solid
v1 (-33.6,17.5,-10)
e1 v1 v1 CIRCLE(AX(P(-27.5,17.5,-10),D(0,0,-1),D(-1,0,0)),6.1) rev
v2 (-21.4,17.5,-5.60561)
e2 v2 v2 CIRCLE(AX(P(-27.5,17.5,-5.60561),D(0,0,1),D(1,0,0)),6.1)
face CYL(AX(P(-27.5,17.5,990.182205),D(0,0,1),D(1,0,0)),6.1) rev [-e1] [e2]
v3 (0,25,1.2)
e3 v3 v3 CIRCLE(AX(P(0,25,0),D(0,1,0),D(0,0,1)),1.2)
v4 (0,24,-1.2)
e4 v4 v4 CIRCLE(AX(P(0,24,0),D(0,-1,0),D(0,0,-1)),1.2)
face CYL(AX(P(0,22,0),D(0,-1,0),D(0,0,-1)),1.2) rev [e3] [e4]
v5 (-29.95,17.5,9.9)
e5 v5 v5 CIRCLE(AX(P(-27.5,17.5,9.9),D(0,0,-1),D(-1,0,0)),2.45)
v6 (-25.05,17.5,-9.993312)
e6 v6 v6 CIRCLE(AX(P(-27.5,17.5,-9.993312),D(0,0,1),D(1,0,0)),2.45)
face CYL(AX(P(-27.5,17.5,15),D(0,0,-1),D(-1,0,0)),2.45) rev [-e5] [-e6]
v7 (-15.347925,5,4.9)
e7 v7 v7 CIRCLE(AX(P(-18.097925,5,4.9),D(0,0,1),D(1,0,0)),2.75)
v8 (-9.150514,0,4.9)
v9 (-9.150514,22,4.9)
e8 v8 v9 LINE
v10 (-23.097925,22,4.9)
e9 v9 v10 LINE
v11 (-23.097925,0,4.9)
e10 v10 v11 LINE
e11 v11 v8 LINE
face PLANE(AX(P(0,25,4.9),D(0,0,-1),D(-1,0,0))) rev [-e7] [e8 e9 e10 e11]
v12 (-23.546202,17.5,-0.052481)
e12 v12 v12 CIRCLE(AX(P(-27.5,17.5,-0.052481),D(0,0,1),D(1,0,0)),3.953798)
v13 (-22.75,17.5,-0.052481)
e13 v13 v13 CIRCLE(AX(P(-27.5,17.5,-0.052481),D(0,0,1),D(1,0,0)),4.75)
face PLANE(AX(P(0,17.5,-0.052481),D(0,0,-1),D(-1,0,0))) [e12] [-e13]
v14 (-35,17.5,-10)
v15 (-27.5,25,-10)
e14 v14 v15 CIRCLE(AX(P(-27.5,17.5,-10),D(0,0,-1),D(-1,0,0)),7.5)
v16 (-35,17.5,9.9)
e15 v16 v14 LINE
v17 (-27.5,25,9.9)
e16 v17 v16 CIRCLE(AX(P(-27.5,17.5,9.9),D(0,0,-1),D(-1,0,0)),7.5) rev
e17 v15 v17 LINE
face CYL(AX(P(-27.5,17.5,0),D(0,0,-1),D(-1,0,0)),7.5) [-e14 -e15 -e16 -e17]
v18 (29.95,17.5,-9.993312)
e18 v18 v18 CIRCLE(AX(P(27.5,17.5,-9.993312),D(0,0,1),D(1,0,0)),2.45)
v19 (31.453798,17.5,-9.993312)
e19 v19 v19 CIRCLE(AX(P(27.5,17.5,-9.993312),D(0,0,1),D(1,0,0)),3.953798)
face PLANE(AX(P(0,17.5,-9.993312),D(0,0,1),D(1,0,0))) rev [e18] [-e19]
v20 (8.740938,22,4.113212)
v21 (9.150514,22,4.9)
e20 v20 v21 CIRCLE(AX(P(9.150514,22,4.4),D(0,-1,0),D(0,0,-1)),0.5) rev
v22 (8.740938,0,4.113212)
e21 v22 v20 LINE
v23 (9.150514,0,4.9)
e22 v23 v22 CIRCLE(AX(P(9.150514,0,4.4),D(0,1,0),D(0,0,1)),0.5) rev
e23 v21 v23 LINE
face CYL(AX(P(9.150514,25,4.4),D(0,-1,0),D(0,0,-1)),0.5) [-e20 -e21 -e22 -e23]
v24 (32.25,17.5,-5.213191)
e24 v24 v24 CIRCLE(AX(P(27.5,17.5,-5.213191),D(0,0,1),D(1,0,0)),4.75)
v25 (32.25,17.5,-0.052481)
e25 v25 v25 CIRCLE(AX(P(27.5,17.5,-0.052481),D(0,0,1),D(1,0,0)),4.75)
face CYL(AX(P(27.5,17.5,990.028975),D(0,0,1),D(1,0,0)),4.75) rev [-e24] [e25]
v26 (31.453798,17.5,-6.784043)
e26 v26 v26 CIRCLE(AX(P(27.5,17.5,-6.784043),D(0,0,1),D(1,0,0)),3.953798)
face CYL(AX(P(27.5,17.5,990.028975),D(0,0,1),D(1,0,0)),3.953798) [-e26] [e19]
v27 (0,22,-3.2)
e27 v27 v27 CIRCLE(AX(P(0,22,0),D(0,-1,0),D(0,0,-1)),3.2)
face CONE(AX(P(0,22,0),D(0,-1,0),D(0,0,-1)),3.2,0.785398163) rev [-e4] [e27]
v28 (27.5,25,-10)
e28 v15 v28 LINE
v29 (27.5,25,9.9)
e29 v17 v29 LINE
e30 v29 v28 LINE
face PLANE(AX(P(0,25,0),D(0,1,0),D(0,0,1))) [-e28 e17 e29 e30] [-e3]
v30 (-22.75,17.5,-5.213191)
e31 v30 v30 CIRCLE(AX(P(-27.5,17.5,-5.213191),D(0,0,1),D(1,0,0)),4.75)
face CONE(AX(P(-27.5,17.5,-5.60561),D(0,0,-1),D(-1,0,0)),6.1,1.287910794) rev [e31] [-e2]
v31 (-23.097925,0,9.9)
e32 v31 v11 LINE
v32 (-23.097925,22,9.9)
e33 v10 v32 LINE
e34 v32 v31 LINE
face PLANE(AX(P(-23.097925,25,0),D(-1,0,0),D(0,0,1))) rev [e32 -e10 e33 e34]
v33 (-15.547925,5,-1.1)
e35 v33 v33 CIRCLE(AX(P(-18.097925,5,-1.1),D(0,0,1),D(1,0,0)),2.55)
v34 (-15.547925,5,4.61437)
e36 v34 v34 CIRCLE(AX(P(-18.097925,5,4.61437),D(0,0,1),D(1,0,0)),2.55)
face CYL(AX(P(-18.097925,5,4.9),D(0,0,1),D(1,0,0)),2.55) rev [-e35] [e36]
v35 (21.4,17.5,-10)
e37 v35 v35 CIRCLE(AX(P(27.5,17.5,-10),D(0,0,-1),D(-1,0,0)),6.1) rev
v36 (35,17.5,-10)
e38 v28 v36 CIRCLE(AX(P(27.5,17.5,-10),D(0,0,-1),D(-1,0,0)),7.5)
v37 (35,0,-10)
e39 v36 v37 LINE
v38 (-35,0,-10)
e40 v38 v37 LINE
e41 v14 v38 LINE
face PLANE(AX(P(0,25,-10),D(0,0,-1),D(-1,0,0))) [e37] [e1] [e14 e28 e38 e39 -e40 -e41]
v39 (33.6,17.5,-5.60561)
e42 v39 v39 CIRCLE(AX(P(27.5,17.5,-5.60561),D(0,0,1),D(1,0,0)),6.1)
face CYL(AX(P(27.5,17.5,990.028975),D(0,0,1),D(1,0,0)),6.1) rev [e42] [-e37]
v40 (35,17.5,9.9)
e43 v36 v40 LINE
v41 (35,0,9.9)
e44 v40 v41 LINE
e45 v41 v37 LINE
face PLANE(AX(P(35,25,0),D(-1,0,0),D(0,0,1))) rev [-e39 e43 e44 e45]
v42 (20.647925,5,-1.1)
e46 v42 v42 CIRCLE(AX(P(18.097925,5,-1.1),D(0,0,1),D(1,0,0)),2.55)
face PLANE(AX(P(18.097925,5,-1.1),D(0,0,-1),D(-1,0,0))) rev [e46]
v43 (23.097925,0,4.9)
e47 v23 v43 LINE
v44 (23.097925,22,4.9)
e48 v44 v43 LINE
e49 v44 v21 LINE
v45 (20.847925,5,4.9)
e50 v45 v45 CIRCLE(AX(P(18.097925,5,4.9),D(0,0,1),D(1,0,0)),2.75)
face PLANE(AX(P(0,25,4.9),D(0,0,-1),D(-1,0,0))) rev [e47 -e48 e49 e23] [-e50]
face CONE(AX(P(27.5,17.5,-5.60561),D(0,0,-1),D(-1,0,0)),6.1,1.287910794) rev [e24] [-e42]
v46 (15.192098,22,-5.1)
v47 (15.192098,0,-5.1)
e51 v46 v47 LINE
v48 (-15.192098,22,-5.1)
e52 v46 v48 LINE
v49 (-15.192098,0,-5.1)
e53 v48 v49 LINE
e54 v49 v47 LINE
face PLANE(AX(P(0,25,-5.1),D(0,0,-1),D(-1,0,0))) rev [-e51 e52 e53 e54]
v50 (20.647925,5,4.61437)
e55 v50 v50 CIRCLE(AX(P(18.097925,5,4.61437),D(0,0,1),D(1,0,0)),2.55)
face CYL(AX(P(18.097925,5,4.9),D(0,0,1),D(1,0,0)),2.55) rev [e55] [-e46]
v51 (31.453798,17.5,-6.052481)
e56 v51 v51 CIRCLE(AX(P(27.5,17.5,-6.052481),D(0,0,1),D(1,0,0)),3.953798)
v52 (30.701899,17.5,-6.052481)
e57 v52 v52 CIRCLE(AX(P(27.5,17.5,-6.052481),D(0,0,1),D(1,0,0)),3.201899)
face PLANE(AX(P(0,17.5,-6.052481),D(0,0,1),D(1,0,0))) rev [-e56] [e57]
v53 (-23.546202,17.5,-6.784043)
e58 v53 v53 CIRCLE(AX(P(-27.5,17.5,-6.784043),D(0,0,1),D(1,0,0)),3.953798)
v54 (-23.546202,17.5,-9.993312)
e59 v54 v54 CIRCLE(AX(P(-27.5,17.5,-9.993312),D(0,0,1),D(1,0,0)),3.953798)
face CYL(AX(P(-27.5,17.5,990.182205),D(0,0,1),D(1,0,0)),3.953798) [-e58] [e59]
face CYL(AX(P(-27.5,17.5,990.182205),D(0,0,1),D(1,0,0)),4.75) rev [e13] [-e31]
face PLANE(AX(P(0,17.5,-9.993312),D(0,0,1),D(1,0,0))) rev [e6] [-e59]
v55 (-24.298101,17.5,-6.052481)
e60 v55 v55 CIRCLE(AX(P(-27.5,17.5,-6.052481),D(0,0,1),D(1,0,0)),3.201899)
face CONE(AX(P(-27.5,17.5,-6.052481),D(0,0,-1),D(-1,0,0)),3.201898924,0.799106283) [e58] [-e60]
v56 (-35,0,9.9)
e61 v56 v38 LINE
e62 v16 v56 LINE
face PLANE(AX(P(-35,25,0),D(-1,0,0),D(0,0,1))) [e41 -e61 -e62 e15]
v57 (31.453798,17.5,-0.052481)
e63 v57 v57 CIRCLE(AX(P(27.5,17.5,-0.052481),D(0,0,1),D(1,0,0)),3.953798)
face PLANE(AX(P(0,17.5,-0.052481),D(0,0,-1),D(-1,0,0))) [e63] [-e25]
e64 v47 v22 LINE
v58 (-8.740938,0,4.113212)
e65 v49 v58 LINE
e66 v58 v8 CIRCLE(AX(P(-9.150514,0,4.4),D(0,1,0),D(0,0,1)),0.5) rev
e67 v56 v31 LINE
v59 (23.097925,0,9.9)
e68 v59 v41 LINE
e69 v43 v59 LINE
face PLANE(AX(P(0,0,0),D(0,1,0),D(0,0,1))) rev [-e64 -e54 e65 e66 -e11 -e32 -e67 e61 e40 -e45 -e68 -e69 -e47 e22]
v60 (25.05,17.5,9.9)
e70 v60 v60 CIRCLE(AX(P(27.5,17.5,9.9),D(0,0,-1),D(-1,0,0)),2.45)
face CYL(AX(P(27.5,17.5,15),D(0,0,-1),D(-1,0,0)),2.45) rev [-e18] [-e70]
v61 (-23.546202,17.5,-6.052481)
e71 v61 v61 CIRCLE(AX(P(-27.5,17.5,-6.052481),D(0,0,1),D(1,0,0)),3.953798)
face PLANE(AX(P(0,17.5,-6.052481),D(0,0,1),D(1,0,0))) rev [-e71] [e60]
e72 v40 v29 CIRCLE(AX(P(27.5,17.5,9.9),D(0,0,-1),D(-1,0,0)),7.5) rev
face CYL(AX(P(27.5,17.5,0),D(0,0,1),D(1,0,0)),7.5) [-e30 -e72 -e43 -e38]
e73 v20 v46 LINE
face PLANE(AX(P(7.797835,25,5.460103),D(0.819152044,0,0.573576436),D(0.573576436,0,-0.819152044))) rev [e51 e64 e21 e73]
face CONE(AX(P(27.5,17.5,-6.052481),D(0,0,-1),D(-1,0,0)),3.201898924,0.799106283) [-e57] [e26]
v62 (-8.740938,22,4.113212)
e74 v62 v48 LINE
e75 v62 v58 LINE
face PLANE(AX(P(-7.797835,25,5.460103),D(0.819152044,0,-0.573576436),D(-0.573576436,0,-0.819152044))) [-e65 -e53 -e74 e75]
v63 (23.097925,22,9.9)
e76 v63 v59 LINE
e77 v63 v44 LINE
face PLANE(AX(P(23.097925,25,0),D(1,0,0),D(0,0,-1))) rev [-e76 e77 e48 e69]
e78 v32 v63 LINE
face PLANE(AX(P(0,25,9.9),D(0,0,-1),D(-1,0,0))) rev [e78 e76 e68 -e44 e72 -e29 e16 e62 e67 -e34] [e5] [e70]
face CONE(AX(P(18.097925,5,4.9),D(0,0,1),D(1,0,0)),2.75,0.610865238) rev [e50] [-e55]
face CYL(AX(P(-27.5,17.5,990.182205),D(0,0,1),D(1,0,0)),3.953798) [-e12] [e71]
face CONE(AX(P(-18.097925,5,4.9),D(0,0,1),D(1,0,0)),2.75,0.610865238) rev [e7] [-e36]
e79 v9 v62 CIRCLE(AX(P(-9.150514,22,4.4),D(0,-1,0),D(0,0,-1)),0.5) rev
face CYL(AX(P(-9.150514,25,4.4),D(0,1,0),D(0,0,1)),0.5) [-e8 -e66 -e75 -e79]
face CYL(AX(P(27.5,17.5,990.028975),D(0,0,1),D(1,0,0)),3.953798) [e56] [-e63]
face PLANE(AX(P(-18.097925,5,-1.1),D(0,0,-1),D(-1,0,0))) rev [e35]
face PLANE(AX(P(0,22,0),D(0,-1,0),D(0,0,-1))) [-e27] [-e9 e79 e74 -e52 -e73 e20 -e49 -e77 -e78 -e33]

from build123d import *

# Parameters (mm, degrees)
BOSS_EXTRUDE1_DEPTH                             = 25
SKETCH2_R                                       = 2.45
CUT_EXTRUDE1_DEPTH                              = 25
FILLET1_R                                       = 7.5
SKETCH3_W                                       = 55
SKETCH3_H                                       = 19.9
BOSS_EXTRUDE2_DEPTH                             = 3
CSK_FOR_M2_FLAT_HEAD_MACHINE_SCREW1_D           = 2.4
CSK_FOR_M2_FLAT_HEAD_MACHINE_SCREW1_DEPTH       = 10
CSK_FOR_M2_FLAT_HEAD_MACHINE_SCREW1_CSINK_D     = 6.4
CSK_FOR_M2_FLAT_HEAD_MACHINE_SCREW1_CSINK_ANGLE = 90
CSK_FOR_M2_FLAT_HEAD_MACHINE_SCREW1_TIP         = 0.721032743
FILLET2_R                                       = 0.5
CSK_FOR_M5_FLAT_HEAD_MACHINE_SCREW1_D           = 5.1
CSK_FOR_M5_FLAT_HEAD_MACHINE_SCREW1_DEPTH       = 6
CSK_FOR_M5_FLAT_HEAD_MACHINE_SCREW1_CSINK_D     = 5.5
CSK_FOR_M5_FLAT_HEAD_MACHINE_SCREW1_CSINK_ANGLE = 70


with BuildPart() as part:
    # Sketch1 → Boss-Extrude1 (new body)
    with BuildSketch(Plane(origin=(0, 0, 0), x_dir=(1, 0, 0), z_dir=(0, 1, 0))):
        Polygon((-35, 10), (-35, -9.9), (-23.097924618, -9.9), (-23.097924618, -5), (-23.097924618, -4.9), (-22.997924618, -4.9), (-8.190022831, -4.9), (-15.192098213, 5.1), (15.192098213, 5.1), (8.190022831, -4.9), (22.997924618, -4.9), (23.097924618, -4.9), (23.097924618, -5), (23.097924618, -9.9), (35, -9.9), (35, 10), align=None)
    extrude(amount=BOSS_EXTRUDE1_DEPTH)

    # Sketch2 → Cut-Extrude1 (cut)
    with BuildSketch(Plane(origin=(0, 0, -10), x_dir=(-1, 0, 0), z_dir=(0, 0, -1))):
        with Locations((-27.5, 17.5)):
            Circle(SKETCH2_R)
        with Locations((27.5, 17.5)):
            Circle(SKETCH2_R)
    extrude(amount=-CUT_EXTRUDE1_DEPTH, mode=Mode.SUBTRACT)

    # Fillet1
    fillet1_edges = [part.edges().sort_by_distance(p)[0] for p in [
        (-35, 25, -0.05),
        (35, 25, -0.05),
    ]]
    fillet(fillet1_edges, radius=FILLET1_R)

    # Sketch3 → Boss-Extrude2 (add)
    with BuildSketch(Plane(origin=(0, 25, 0), x_dir=(1, 0, 0), z_dir=(0, 1, 0))):
        with Locations((0, 0.05)):
            Rectangle(SKETCH3_W, SKETCH3_H)
    extrude(amount=-BOSS_EXTRUDE2_DEPTH)

    # CSK for M2 Flat Head Machine Screw1
    with Locations(Plane(origin=(0, 22, 0), x_dir=(-1, 0, 0), z_dir=(0, -1, 0))):
        with Locations((0, 0)):
            CounterSinkHole(CSK_FOR_M2_FLAT_HEAD_MACHINE_SCREW1_D / 2, CSK_FOR_M2_FLAT_HEAD_MACHINE_SCREW1_CSINK_D / 2, depth=CSK_FOR_M2_FLAT_HEAD_MACHINE_SCREW1_DEPTH, counter_sink_angle=CSK_FOR_M2_FLAT_HEAD_MACHINE_SCREW1_CSINK_ANGLE)
            with Locations((0, 0, -(CSK_FOR_M2_FLAT_HEAD_MACHINE_SCREW1_DEPTH + CSK_FOR_M2_FLAT_HEAD_MACHINE_SCREW1_TIP / 2))):  # 118° drill point
                Cone(0, CSK_FOR_M2_FLAT_HEAD_MACHINE_SCREW1_D / 2, CSK_FOR_M2_FLAT_HEAD_MACHINE_SCREW1_TIP, mode=Mode.SUBTRACT)

    # Fillet2
    fillet2_edges = [part.edges().sort_by_distance(p)[0] for p in [
        (8.190022831, 11, 4.9),
        (-8.190022831, 11, 4.9),
    ]]
    fillet(fillet2_edges, radius=FILLET2_R)

    # Sketch10 → Cut-Revolve1 (revolve, cut)
    with BuildSketch(Plane(origin=(0, 17.5, 0), x_dir=(1, 0, 0), z_dir=(0, 1, 0))):
        Polygon((-27.5, 6.052481049), (-27.5, 10.005610284), (-33.6, 10.005610284), (-33.6, 5.605610284), (-32.25, 5.213190854), (-32.25, 0.052481049), (-31.453797848, 0.052481049), (-31.453797848, 6.052481049), (-30.701898924, 6.052481049), (-31.453797848, 6.784043238), (-31.453797848, 9.993311616), (-29.95, 9.993311616), (-29.95, 6.052481049), (-29.95, 0.052481049), (-27.5, 0.052481049), align=None)
    revolve(axis=Axis((-27.5, 17.5, 990.182204964), (0, 0, -1)), mode=Mode.SUBTRACT)

    # Sketch10<3> → Cut-Revolve2 (revolve, cut)
    with BuildSketch(Plane(origin=(0, 17.5, 0), x_dir=(1, 0, 0), z_dir=(0, 1, 0))):
        Polygon((31.453797848, 9.993311616), (31.453797848, 6.784043238), (30.701898924, 6.052481049), (31.453797848, 6.052481049), (31.453797848, 0.052481049), (32.25, 0.052481049), (32.25, 5.213190854), (33.6, 5.605610284), (33.6, 10.005610284), (27.5, 10.005610284), (27.5, 6.052481049), (27.5, 0.052481049), (29.95, 0.052481049), (29.95, 6.052481049), (29.95, 9.993311616), align=None)
    revolve(axis=Axis((27.5, 17.5, 990.028974512), (0, 0, -1)), mode=Mode.SUBTRACT)

    # CSK for M5 Flat Head Machine Screw1
    with Locations(Plane.XY.offset(4.9)):
        with Locations((-18.097924618, 5), (18.097924618, 5)):
            CounterSinkHole(CSK_FOR_M5_FLAT_HEAD_MACHINE_SCREW1_D / 2, CSK_FOR_M5_FLAT_HEAD_MACHINE_SCREW1_CSINK_D / 2, depth=CSK_FOR_M5_FLAT_HEAD_MACHINE_SCREW1_DEPTH, counter_sink_angle=CSK_FOR_M5_FLAT_HEAD_MACHINE_SCREW1_CSINK_ANGLE)


solid = part.part
